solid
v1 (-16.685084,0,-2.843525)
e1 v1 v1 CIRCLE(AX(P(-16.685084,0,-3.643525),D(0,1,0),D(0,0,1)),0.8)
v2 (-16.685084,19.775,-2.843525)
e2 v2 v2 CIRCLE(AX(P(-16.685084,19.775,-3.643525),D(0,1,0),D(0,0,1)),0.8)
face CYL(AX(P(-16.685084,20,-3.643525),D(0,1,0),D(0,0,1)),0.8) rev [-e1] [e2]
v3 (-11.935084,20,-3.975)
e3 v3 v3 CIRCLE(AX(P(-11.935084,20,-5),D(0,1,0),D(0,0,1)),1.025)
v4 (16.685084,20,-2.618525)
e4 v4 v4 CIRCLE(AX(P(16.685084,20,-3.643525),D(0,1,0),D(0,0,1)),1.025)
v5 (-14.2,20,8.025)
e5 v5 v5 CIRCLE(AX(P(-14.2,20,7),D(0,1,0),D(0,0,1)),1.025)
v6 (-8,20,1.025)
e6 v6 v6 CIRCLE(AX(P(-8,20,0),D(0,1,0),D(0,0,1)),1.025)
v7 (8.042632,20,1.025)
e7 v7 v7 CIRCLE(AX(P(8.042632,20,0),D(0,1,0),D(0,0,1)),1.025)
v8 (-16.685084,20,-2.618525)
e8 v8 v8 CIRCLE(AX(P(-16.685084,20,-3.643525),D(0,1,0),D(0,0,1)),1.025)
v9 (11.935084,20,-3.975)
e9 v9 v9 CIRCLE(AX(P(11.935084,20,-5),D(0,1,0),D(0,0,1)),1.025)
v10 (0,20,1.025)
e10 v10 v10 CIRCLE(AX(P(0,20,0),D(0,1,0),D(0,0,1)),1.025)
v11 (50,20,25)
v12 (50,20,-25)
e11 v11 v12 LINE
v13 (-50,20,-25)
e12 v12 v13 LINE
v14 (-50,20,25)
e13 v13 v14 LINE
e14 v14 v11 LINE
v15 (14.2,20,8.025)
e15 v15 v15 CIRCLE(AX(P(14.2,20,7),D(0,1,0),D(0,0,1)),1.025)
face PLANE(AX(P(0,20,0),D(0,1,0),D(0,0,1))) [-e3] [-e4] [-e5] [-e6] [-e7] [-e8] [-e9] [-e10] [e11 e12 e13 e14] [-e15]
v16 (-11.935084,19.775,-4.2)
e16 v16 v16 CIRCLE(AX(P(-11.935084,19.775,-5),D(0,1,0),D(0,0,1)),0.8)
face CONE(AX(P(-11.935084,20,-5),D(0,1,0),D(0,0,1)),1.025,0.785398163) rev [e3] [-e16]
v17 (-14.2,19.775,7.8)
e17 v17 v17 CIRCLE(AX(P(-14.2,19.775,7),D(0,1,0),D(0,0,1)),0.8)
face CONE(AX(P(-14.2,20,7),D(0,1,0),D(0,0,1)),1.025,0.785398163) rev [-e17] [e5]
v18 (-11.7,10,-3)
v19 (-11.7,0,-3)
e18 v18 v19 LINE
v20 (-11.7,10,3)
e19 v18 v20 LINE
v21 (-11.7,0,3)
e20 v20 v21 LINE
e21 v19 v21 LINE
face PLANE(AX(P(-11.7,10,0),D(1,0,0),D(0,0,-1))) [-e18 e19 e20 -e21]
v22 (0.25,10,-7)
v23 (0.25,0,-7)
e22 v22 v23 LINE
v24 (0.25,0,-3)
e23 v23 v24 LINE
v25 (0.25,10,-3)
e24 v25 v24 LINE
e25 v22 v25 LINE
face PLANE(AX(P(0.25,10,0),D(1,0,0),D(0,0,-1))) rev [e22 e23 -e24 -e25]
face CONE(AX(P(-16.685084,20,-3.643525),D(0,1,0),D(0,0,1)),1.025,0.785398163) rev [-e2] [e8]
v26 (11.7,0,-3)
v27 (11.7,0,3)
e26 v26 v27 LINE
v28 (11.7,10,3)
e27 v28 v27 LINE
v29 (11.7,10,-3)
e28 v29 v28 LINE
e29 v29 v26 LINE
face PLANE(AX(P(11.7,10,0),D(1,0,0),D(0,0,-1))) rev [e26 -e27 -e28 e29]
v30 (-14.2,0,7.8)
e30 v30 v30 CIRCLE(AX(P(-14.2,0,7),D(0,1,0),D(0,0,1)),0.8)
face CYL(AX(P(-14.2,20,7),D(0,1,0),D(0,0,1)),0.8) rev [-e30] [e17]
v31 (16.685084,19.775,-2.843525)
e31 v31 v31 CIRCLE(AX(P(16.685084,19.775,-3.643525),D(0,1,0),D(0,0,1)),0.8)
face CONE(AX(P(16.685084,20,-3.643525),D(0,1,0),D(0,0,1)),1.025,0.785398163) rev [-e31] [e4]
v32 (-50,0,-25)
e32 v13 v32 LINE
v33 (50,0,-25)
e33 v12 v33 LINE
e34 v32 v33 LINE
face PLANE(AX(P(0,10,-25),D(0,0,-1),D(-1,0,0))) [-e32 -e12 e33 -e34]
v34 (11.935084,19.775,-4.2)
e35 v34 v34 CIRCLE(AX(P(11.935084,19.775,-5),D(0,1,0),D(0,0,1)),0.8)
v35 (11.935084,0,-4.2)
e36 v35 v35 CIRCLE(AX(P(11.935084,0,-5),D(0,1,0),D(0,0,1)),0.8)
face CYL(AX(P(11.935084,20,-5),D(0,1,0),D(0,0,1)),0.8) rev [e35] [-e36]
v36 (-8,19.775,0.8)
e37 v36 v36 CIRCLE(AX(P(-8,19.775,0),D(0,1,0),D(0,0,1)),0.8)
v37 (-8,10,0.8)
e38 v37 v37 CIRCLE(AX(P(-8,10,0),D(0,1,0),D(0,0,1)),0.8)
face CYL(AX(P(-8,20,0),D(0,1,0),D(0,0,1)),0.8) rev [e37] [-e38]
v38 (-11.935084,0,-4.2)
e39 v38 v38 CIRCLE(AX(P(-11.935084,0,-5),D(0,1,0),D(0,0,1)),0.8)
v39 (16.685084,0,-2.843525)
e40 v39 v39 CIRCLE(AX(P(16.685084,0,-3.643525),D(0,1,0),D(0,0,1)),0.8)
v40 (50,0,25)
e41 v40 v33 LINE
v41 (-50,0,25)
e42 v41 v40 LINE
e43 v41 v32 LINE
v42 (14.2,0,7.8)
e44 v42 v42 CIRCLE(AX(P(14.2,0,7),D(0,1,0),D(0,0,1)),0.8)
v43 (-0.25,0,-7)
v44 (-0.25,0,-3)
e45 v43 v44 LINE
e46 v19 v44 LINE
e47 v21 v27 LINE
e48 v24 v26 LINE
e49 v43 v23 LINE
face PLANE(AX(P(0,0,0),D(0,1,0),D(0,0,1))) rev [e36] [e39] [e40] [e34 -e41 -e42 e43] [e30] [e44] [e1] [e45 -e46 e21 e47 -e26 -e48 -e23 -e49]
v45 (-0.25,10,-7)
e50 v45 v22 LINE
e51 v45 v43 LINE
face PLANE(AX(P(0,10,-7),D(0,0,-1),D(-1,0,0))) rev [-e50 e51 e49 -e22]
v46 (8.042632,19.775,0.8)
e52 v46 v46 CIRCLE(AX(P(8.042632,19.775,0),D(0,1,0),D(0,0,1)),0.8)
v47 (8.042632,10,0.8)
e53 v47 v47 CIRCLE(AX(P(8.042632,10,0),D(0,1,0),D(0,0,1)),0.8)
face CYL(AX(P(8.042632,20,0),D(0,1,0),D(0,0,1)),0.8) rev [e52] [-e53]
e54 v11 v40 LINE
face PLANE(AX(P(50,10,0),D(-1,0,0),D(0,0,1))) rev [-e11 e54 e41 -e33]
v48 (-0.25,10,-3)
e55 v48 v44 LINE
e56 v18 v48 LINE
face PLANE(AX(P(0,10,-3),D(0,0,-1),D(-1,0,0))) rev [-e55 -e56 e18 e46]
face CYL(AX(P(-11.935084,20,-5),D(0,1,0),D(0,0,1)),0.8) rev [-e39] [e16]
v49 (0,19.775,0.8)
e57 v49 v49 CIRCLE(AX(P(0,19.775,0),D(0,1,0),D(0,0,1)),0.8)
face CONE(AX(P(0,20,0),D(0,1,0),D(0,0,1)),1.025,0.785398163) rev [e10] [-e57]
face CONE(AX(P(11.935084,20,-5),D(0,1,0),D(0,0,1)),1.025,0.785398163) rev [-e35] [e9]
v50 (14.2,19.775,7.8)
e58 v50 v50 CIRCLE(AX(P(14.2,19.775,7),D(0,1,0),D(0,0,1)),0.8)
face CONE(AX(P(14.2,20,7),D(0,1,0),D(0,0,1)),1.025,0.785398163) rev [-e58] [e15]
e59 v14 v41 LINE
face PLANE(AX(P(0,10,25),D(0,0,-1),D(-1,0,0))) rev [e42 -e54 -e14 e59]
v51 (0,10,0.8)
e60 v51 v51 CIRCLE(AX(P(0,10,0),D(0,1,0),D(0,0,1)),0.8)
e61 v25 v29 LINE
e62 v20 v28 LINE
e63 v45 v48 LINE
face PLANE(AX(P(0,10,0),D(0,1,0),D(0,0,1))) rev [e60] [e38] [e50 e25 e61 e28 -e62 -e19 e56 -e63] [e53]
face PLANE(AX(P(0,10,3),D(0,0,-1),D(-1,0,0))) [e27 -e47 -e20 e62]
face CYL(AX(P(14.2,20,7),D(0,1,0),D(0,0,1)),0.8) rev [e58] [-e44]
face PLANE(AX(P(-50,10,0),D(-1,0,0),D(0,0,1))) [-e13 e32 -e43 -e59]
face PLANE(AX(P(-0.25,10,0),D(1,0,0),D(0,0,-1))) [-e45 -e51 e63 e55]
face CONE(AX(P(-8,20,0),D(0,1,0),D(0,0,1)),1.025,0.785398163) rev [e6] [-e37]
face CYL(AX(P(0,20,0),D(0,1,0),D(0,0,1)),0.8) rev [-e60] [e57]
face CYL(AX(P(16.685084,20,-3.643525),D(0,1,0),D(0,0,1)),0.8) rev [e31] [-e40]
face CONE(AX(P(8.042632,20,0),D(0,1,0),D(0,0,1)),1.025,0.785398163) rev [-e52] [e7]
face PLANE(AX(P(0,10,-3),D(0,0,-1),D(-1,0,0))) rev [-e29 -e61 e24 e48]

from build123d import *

# Parameters (mm, degrees)
SKETCH1_W                   = 100
SKETCH1_H                   = 50
SKETCH1_R                   = 0.5
BOSS_EXTRUDE6_DEPTH         = 10
SKETCH3_W                   = 100
SKETCH3_H                   = 50
BOSS_EXTRUDE7_DEPTH         = 10
M2_TAPPED_HOLE1_D           = 1.6
M2_TAPPED_HOLE1_DEPTH       = 20
M2_TAPPED_HOLE1_CSINK_D     = 2.05
M2_TAPPED_HOLE1_CSINK_ANGLE = 90
M2_TAPPED_HOLE1_TIP         = 0.480688495


with BuildPart() as part:
    # Sketch1 → Boss-Extrude6 (new body)
    with BuildSketch(Plane(origin=(0, 0, 0), x_dir=(1, 0, 0), z_dir=(0, 1, 0))):
        Rectangle(SKETCH1_W, SKETCH1_H)
        with Locations((-14.2, -7)):
            Circle(SKETCH1_R, mode=Mode.SUBTRACT)
        with Locations((14.2, -7)):
            Circle(SKETCH1_R, mode=Mode.SUBTRACT)
        with Locations((-16.685084167, 3.643524774)):
            Circle(SKETCH1_R, mode=Mode.SUBTRACT)
        with Locations((16.685084167, 3.643524774)):
            Circle(SKETCH1_R, mode=Mode.SUBTRACT)
        with Locations((-11.935084167, 5)):
            Circle(SKETCH1_R, mode=Mode.SUBTRACT)
        with Locations((11.935084167, 5)):
            Circle(SKETCH1_R, mode=Mode.SUBTRACT)
        Polygon((-11.7, 3), (-0.25, 3), (-0.25, 7), (0.25, 7), (0.25, 3), (11.7, 3), (11.7, -3), (-11.7, -3), align=None, mode=Mode.SUBTRACT)
    extrude(amount=BOSS_EXTRUDE6_DEPTH)

    # Sketch3 → Boss-Extrude7 (add)
    with BuildSketch(Plane(origin=(0, 10, 0), x_dir=(1, 0, 0), z_dir=(0, 1, 0))):
        Rectangle(SKETCH3_W, SKETCH3_H)
    extrude(amount=BOSS_EXTRUDE7_DEPTH)

    # M2 Tapped Hole1
    with Locations(Plane(origin=(0, 20, 0), x_dir=(1, 0, 0), z_dir=(0, 1, 0))):
        with Locations((-16.685084167, 3.643524774), (-11.935084167, 5), (11.935084167, 5), (16.685084167, 3.643524774), (14.2, -7), (-14.2, -7), (-8, 0), (8.042631754, 0), (0, 0)):
            CounterSinkHole(M2_TAPPED_HOLE1_D / 2, M2_TAPPED_HOLE1_CSINK_D / 2, depth=M2_TAPPED_HOLE1_DEPTH, counter_sink_angle=M2_TAPPED_HOLE1_CSINK_ANGLE)
            with Locations((0, 0, -(M2_TAPPED_HOLE1_DEPTH + M2_TAPPED_HOLE1_TIP / 2))):  # 118° drill point
                Cone(0, M2_TAPPED_HOLE1_D / 2, M2_TAPPED_HOLE1_TIP, mode=Mode.SUBTRACT)


solid = part.part
